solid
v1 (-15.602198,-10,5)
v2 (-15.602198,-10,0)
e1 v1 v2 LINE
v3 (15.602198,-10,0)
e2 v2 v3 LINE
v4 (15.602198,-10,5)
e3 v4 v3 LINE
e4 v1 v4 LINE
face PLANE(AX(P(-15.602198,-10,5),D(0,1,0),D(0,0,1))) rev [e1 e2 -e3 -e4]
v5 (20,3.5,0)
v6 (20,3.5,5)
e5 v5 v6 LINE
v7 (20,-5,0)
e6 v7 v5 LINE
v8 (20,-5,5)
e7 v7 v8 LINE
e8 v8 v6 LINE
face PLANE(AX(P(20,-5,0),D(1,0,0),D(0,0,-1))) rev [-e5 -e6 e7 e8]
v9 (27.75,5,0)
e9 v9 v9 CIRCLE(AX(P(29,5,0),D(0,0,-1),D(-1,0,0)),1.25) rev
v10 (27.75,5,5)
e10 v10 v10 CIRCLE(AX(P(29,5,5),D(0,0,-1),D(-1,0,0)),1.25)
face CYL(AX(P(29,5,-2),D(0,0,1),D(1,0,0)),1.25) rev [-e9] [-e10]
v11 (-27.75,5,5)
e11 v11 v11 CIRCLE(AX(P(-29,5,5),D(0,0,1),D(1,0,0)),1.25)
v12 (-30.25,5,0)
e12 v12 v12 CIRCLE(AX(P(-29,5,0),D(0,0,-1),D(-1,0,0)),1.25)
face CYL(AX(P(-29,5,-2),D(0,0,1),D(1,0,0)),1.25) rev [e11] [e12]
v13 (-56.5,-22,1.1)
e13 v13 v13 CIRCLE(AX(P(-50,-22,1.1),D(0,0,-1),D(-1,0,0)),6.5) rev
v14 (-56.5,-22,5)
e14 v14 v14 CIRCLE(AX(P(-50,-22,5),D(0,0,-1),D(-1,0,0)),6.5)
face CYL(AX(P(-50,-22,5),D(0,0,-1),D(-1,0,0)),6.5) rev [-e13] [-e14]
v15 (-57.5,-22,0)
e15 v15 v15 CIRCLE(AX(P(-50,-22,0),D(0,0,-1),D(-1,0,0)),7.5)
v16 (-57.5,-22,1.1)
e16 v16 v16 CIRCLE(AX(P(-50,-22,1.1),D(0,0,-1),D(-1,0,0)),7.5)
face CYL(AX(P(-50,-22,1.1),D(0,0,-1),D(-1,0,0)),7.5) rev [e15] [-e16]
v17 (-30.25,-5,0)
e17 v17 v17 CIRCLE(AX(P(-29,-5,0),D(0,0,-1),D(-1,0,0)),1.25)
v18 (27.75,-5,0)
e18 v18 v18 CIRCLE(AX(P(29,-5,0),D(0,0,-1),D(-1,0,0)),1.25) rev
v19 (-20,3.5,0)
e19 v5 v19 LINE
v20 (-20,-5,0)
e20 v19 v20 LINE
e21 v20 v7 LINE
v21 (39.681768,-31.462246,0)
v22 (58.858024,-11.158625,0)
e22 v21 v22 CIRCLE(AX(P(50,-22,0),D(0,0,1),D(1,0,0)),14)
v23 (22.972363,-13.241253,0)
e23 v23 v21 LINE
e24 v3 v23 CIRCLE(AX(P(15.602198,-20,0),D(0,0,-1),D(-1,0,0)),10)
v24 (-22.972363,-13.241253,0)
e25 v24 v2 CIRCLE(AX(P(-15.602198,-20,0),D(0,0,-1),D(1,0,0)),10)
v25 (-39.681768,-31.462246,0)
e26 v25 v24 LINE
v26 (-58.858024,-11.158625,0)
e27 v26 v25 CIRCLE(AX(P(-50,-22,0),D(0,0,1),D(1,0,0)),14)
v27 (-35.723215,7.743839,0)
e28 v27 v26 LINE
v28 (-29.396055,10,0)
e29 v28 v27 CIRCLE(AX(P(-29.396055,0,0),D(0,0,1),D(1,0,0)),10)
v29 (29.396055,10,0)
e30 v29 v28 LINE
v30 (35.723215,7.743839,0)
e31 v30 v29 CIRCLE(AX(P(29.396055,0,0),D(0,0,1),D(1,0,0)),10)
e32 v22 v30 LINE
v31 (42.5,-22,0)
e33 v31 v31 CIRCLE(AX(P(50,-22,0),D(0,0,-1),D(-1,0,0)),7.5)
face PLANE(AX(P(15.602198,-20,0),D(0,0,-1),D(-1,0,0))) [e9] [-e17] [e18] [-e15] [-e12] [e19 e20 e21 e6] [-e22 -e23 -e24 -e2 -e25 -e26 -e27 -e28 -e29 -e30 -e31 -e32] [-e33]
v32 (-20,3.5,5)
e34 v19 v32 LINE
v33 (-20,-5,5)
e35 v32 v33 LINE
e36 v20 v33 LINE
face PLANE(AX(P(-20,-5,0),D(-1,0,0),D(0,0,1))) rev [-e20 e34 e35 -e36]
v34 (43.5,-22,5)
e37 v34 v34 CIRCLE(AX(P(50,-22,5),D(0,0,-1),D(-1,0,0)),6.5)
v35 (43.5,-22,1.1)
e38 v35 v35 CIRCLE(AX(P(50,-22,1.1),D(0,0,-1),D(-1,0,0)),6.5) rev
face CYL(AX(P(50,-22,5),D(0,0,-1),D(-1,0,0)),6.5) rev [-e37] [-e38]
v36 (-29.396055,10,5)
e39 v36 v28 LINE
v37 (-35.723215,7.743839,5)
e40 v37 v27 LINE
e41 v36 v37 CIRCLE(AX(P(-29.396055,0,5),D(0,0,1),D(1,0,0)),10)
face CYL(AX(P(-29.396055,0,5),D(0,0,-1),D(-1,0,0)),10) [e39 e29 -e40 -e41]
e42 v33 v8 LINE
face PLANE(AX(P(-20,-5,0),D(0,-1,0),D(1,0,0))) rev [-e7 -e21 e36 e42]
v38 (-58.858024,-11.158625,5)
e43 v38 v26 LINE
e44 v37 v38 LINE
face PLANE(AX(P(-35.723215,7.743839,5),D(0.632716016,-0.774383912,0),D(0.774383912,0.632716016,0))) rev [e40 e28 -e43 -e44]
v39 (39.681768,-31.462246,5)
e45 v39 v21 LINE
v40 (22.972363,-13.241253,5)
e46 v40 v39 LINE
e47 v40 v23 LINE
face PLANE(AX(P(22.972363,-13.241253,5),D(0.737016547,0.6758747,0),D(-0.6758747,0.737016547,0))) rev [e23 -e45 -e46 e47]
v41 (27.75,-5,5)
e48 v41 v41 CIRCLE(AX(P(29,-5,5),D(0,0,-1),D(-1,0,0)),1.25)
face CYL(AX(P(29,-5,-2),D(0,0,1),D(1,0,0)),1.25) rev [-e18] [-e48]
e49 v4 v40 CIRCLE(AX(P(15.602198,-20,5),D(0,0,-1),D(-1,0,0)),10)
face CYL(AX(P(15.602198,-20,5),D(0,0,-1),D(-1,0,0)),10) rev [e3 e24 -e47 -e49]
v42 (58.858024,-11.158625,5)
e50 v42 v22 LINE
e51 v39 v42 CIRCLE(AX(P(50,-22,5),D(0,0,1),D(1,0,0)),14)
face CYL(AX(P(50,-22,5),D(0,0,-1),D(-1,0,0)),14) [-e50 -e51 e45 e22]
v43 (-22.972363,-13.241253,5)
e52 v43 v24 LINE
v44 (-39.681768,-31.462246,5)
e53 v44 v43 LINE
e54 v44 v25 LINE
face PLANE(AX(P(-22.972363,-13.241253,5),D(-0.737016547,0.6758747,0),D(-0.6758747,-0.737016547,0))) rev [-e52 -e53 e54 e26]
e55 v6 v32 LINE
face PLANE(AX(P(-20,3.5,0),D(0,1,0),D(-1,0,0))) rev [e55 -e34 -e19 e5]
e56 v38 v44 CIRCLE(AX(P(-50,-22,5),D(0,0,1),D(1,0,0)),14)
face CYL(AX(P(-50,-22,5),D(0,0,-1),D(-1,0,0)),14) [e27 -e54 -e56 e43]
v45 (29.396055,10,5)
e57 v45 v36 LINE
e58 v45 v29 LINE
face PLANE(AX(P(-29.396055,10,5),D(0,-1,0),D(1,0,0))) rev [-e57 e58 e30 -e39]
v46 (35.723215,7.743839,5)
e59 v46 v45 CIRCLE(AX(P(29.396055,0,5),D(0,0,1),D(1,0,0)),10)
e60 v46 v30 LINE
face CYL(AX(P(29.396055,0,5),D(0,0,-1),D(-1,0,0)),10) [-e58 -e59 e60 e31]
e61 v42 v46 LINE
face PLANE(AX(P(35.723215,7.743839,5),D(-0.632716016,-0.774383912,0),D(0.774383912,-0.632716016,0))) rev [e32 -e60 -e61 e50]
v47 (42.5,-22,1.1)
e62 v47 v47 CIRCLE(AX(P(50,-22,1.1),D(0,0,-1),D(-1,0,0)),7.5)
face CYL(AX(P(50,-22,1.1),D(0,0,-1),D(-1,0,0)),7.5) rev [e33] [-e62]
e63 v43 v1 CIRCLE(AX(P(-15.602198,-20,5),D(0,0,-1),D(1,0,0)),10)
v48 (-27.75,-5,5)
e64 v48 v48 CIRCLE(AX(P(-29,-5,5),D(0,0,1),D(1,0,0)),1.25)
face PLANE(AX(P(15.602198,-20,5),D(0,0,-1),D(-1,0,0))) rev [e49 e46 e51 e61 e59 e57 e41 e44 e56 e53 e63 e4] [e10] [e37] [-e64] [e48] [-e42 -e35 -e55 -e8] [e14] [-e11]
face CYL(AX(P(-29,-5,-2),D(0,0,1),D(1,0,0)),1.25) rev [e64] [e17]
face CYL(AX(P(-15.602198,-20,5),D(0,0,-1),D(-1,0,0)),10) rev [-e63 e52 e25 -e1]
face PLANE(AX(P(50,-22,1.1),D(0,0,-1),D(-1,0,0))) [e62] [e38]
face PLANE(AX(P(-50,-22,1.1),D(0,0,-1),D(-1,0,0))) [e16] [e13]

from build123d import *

# Parameters (mm, degrees)
EXTRUDE_1_DEPTH     = 5
SKETCH_4_W          = 40
SKETCH_4_H          = 8.5
CUT_EXTRUDE_1_DEPTH = 5
SKETCH_5_R          = 1.25
CUT_EXTRUDE_2_DEPTH = 7
SKETCH_9_R          = 6.5
CUT_EXTRUDE_4_DEPTH = 5
SKETCH_10_R         = 7.5
CUT_EXTRUDE_5_DEPTH = 1.1


with BuildPart() as part:
    # 草图3 → 凸台-拉伸1 (new body)
    with BuildSketch(Plane.XY):
        with BuildLine():
            Line((-35.723215038, 7.743839121), (-58.858024221, -11.158625231))
            ThreePointArc((-58.858024221, -11.158625231), (-60.178030432, -31.612892204), (-39.681768347, -31.462245799))
            Line((-39.681768347, -31.462245799), (-22.972363252, -13.241253001))
            ThreePointArc((-22.972363252, -13.241253001), (-19.627898346, -10.846108205), (-15.602197786, -10))
            Line((-15.602197786, -10), (15.602197786, -10))
            ThreePointArc((15.602197786, -10), (19.627898346, -10.846108205), (22.972363252, -13.241253001))
            Line((22.972363252, -13.241253001), (39.681768347, -31.462245799))
            ThreePointArc((39.681768347, -31.462245799), (60.178030432, -31.612892204), (58.858024221, -11.158625231))
            Line((58.858024221, -11.158625231), (35.723215038, 7.743839121))
            ThreePointArc((35.723215038, 7.743839121), (32.754745755, 9.419086771), (29.39605488, 10))
            Line((29.39605488, 10), (-29.39605488, 10))
            ThreePointArc((-29.39605488, 10), (-32.754745755, 9.419086771), (-35.723215038, 7.743839121))
        make_face()
    extrude(amount=EXTRUDE_1_DEPTH)

    # 草图4 → 切除-拉伸1 (cut)
    with BuildSketch(Plane.XY.offset(5)):
        with Locations((0, -0.75)):
            Rectangle(SKETCH_4_W, SKETCH_4_H)
    extrude(amount=-CUT_EXTRUDE_1_DEPTH, mode=Mode.SUBTRACT)

    # 草图5 → 切除-拉伸2 (cut)
    with BuildSketch(Plane.XY.offset(5)):
        with Locations((-29, -5)):
            Circle(SKETCH_5_R)
        with Locations((-29, 5)):
            Circle(SKETCH_5_R)
    cut_extrude_2 = extrude(amount=-CUT_EXTRUDE_2_DEPTH, mode=Mode.SUBTRACT)

    # 草图9 → 切除-拉伸4 (cut)
    with BuildSketch(Plane(origin=(0, 0, 0), x_dir=(-1, 0, 0), z_dir=(0, 0, -1))):
        with Locations((-50, -22)):
            Circle(SKETCH_9_R)
        with Locations((50, -22)):
            Circle(SKETCH_9_R)
    extrude(amount=-CUT_EXTRUDE_4_DEPTH, mode=Mode.SUBTRACT)

    # 草图10 → 切除-拉伸5 (cut)
    with BuildSketch(Plane(origin=(0, 0, 0), x_dir=(-1, 0, 0), z_dir=(0, 0, -1))):
        with Locations((-50, -22)):
            Circle(SKETCH_10_R)
        with Locations((50, -22)):
            Circle(SKETCH_10_R)
    extrude(amount=-CUT_EXTRUDE_5_DEPTH, mode=Mode.SUBTRACT)

    # 镜向1: 切除-拉伸2 across plane
    add(cut_extrude_2.mirror(Plane.ZY), mode=Mode.SUBTRACT)


solid = part.part
